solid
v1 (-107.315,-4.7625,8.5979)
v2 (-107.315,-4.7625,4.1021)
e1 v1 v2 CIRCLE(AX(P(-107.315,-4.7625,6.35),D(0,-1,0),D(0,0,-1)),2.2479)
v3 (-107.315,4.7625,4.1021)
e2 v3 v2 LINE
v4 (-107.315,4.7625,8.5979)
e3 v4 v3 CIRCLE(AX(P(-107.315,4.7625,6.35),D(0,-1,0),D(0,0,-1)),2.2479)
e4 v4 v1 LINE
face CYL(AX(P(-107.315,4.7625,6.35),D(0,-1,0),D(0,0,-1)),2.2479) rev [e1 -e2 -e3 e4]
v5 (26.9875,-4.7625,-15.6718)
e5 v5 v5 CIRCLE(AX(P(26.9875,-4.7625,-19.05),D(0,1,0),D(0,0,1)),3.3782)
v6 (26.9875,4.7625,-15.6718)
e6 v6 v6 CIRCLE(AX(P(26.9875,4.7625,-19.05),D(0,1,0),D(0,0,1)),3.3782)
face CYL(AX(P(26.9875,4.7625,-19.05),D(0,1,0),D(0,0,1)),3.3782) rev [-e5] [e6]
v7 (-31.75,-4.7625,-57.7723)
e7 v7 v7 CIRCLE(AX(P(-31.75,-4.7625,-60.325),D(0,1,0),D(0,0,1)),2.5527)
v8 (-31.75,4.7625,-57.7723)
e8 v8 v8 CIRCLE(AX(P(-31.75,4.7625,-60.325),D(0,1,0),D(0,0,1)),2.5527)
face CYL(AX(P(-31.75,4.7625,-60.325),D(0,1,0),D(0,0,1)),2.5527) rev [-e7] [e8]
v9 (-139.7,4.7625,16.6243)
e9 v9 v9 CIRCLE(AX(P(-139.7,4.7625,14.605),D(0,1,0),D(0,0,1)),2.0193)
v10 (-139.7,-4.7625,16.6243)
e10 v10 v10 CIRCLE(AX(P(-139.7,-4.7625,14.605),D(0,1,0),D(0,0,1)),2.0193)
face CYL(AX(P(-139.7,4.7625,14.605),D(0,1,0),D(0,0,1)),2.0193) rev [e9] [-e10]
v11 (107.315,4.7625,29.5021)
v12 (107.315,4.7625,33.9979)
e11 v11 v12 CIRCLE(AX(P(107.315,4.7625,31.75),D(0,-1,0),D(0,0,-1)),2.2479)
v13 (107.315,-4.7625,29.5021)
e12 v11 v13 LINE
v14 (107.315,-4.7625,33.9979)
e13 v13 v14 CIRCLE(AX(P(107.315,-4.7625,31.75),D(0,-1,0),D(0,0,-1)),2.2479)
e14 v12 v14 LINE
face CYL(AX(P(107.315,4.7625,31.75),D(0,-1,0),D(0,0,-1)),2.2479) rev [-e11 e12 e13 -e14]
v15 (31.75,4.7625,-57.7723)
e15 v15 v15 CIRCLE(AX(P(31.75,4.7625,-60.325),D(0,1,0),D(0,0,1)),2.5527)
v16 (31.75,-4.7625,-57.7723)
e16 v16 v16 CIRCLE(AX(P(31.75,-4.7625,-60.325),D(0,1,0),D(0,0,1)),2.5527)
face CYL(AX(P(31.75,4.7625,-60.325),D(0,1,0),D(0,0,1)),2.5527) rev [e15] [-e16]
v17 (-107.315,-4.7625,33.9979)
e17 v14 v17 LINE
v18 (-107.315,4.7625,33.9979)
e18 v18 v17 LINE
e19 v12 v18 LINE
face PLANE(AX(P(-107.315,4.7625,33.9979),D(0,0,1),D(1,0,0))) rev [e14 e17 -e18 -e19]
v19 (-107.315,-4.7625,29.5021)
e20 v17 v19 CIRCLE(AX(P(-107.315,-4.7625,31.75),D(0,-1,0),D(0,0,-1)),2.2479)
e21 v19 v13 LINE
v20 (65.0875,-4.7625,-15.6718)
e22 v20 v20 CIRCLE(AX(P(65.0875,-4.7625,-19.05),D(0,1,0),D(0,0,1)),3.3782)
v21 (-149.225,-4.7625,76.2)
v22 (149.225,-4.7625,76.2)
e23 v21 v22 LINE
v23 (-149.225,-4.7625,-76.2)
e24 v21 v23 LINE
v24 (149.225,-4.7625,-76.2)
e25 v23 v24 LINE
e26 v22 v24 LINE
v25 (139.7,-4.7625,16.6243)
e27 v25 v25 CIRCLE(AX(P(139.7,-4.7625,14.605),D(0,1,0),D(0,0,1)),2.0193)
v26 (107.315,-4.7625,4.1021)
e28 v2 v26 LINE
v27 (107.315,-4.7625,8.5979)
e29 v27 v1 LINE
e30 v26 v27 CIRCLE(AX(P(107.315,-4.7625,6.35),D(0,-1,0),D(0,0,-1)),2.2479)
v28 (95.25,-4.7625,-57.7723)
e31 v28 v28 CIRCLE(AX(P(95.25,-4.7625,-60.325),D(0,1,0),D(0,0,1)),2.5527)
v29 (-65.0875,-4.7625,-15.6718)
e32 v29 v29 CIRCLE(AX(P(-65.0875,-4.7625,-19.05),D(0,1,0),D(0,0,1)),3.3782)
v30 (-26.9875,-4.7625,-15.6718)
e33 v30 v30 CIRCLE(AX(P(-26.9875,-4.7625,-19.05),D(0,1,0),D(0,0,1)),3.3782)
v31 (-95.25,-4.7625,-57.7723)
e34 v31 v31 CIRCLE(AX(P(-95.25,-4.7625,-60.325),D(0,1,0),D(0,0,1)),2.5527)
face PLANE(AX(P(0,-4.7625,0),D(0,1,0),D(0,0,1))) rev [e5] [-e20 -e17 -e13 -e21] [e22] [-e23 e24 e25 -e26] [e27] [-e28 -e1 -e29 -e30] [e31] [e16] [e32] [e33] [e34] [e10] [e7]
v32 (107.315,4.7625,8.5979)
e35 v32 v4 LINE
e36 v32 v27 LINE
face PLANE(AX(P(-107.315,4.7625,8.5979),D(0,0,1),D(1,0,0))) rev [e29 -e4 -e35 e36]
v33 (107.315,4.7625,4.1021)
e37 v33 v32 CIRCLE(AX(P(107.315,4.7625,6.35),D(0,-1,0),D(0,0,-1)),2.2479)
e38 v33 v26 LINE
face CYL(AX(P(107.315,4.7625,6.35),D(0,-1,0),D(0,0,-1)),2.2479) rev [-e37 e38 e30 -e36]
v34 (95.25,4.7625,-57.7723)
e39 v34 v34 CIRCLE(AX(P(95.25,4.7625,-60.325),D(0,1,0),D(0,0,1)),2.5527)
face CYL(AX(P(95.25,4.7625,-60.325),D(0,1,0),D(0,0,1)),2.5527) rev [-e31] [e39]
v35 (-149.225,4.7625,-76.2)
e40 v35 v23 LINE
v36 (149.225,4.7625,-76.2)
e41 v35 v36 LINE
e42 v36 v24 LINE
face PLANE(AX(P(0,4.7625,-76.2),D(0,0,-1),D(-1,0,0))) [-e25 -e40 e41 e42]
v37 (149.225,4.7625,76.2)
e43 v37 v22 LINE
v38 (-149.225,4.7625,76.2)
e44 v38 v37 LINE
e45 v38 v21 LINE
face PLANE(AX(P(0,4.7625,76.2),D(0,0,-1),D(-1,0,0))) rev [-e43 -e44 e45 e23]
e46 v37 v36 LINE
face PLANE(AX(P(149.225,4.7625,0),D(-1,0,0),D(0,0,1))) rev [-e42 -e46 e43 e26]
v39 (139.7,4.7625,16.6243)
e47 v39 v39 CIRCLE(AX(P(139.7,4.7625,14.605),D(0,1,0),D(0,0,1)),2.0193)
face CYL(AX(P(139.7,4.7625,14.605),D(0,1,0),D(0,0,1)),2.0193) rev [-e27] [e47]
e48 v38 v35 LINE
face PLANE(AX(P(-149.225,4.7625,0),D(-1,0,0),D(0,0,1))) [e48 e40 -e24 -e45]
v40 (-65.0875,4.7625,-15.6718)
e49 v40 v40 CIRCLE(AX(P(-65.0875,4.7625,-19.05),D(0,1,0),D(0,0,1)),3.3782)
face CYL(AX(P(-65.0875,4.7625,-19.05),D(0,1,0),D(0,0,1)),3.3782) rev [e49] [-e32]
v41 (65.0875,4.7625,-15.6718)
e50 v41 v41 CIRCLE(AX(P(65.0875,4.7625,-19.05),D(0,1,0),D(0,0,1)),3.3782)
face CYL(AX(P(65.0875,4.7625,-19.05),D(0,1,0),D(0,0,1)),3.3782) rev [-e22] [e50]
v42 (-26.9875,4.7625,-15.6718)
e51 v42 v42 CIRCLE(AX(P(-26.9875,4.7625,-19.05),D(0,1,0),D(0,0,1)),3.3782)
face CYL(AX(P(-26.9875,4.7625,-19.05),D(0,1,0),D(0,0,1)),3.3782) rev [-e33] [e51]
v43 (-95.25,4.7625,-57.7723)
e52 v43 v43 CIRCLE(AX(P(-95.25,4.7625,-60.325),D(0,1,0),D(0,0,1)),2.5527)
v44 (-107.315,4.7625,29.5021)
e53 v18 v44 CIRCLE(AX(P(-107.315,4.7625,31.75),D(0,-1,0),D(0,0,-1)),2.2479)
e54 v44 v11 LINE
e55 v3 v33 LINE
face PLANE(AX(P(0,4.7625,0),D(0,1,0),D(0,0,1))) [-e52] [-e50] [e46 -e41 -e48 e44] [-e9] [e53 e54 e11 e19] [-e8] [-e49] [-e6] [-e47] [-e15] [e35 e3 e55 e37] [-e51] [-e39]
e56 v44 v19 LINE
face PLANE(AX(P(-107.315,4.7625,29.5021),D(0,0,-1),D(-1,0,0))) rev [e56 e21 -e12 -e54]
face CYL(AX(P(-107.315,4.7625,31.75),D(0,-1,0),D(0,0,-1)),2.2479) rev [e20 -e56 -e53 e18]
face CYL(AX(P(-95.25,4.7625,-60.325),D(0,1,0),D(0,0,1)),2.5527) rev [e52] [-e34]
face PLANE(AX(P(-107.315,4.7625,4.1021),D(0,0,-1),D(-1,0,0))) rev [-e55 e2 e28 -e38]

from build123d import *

# Parameters (mm, degrees)
SKETCH1_W               = 298.45
SKETCH1_H               = 152.4
BOSS_EXTRUDE1_DEPTH     = 4.7625
CUT_EXTRUDE2_DEPTH      = 168.825106137
F_10_CLEARANCE_HOLE3_D  = 5.1054
LPATTERN2_COUNT         = 4
LPATTERN2_PITCH         = 63.5
F_10_32_TAPPED_HOLE1_D  = 4.0386
F_1_4_CLEARANCE_HOLE1_D = 6.7564


with BuildPart() as part:
    # Sketch1 → Boss-Extrude1 (new, symmetric)
    with BuildSketch(Plane(origin=(0, 0, 0), x_dir=(1, 0, 0), z_dir=(0, 1, 0))):
        Rectangle(SKETCH1_W, SKETCH1_H)
    extrude(amount=BOSS_EXTRUDE1_DEPTH, both=True)

    # Sketch4 → Cut-Extrude2 (cut, through all)
    with BuildSketch(Plane.XZ.offset(4.7625)):
        with BuildLine():
            Line((-107.315, 33.9979), (107.315, 33.9979))
            ThreePointArc((107.315, 33.9979), (109.5629, 31.75), (107.315, 29.5021))
            Line((107.315, 29.5021), (-107.315, 29.5021))
            ThreePointArc((-107.315, 29.5021), (-109.5629, 31.75), (-107.315, 33.9979))
        make_face()
        with BuildLine():
            Line((-107.315, 8.5979), (107.315, 8.5979))
            ThreePointArc((107.315, 8.5979), (109.5629, 6.35), (107.315, 4.1021))
            Line((107.315, 4.1021), (-107.315, 4.1021))
            ThreePointArc((-107.315, 4.1021), (-109.5629, 6.35), (-107.315, 8.5979))
        make_face()
    extrude(amount=-CUT_EXTRUDE2_DEPTH, mode=Mode.SUBTRACT)

    # #10 Clearance Hole3 (through all)
    with Locations(Plane(origin=(0, 4.7625, 0), x_dir=(1, 0, 0), z_dir=(0, 1, 0))):
        with Locations((-95.25, 60.325)):
            f_10_clearance_hole3 = Hole(F_10_CLEARANCE_HOLE3_D / 2)

    # LPattern2: #10 Clearance Hole3 ×4
    with Locations(*[(i * LPATTERN2_PITCH, 0, 0) for i in range(1, LPATTERN2_COUNT)]):
        add(f_10_clearance_hole3, mode=Mode.SUBTRACT)

    # #10-32 Tapped Hole1 (through all)
    with Locations(Plane(origin=(0, 4.7625, 0), x_dir=(1, 0, 0), z_dir=(0, 1, 0))):
        with Locations((-139.7, -14.605), (139.7, -14.605)):
            Hole(F_10_32_TAPPED_HOLE1_D / 2)

    # 1/4 Clearance Hole1 (through all)
    with Locations(Plane(origin=(0, 4.7625, 0), x_dir=(1, 0, 0), z_dir=(0, 1, 0))):
        with Locations((-65.0875, 19.05), (-26.9875, 19.05)):
            f_1_4_clearance_hole1 = Hole(F_1_4_CLEARANCE_HOLE1_D / 2)

    # Mirror5: 1/4 Clearance Hole1 across plane
    add(f_1_4_clearance_hole1.mirror(Plane(origin=(0, 0, 0), x_dir=(0, 0, 1), z_dir=(1, 0, 0))), mode=Mode.SUBTRACT)


solid = part.part
